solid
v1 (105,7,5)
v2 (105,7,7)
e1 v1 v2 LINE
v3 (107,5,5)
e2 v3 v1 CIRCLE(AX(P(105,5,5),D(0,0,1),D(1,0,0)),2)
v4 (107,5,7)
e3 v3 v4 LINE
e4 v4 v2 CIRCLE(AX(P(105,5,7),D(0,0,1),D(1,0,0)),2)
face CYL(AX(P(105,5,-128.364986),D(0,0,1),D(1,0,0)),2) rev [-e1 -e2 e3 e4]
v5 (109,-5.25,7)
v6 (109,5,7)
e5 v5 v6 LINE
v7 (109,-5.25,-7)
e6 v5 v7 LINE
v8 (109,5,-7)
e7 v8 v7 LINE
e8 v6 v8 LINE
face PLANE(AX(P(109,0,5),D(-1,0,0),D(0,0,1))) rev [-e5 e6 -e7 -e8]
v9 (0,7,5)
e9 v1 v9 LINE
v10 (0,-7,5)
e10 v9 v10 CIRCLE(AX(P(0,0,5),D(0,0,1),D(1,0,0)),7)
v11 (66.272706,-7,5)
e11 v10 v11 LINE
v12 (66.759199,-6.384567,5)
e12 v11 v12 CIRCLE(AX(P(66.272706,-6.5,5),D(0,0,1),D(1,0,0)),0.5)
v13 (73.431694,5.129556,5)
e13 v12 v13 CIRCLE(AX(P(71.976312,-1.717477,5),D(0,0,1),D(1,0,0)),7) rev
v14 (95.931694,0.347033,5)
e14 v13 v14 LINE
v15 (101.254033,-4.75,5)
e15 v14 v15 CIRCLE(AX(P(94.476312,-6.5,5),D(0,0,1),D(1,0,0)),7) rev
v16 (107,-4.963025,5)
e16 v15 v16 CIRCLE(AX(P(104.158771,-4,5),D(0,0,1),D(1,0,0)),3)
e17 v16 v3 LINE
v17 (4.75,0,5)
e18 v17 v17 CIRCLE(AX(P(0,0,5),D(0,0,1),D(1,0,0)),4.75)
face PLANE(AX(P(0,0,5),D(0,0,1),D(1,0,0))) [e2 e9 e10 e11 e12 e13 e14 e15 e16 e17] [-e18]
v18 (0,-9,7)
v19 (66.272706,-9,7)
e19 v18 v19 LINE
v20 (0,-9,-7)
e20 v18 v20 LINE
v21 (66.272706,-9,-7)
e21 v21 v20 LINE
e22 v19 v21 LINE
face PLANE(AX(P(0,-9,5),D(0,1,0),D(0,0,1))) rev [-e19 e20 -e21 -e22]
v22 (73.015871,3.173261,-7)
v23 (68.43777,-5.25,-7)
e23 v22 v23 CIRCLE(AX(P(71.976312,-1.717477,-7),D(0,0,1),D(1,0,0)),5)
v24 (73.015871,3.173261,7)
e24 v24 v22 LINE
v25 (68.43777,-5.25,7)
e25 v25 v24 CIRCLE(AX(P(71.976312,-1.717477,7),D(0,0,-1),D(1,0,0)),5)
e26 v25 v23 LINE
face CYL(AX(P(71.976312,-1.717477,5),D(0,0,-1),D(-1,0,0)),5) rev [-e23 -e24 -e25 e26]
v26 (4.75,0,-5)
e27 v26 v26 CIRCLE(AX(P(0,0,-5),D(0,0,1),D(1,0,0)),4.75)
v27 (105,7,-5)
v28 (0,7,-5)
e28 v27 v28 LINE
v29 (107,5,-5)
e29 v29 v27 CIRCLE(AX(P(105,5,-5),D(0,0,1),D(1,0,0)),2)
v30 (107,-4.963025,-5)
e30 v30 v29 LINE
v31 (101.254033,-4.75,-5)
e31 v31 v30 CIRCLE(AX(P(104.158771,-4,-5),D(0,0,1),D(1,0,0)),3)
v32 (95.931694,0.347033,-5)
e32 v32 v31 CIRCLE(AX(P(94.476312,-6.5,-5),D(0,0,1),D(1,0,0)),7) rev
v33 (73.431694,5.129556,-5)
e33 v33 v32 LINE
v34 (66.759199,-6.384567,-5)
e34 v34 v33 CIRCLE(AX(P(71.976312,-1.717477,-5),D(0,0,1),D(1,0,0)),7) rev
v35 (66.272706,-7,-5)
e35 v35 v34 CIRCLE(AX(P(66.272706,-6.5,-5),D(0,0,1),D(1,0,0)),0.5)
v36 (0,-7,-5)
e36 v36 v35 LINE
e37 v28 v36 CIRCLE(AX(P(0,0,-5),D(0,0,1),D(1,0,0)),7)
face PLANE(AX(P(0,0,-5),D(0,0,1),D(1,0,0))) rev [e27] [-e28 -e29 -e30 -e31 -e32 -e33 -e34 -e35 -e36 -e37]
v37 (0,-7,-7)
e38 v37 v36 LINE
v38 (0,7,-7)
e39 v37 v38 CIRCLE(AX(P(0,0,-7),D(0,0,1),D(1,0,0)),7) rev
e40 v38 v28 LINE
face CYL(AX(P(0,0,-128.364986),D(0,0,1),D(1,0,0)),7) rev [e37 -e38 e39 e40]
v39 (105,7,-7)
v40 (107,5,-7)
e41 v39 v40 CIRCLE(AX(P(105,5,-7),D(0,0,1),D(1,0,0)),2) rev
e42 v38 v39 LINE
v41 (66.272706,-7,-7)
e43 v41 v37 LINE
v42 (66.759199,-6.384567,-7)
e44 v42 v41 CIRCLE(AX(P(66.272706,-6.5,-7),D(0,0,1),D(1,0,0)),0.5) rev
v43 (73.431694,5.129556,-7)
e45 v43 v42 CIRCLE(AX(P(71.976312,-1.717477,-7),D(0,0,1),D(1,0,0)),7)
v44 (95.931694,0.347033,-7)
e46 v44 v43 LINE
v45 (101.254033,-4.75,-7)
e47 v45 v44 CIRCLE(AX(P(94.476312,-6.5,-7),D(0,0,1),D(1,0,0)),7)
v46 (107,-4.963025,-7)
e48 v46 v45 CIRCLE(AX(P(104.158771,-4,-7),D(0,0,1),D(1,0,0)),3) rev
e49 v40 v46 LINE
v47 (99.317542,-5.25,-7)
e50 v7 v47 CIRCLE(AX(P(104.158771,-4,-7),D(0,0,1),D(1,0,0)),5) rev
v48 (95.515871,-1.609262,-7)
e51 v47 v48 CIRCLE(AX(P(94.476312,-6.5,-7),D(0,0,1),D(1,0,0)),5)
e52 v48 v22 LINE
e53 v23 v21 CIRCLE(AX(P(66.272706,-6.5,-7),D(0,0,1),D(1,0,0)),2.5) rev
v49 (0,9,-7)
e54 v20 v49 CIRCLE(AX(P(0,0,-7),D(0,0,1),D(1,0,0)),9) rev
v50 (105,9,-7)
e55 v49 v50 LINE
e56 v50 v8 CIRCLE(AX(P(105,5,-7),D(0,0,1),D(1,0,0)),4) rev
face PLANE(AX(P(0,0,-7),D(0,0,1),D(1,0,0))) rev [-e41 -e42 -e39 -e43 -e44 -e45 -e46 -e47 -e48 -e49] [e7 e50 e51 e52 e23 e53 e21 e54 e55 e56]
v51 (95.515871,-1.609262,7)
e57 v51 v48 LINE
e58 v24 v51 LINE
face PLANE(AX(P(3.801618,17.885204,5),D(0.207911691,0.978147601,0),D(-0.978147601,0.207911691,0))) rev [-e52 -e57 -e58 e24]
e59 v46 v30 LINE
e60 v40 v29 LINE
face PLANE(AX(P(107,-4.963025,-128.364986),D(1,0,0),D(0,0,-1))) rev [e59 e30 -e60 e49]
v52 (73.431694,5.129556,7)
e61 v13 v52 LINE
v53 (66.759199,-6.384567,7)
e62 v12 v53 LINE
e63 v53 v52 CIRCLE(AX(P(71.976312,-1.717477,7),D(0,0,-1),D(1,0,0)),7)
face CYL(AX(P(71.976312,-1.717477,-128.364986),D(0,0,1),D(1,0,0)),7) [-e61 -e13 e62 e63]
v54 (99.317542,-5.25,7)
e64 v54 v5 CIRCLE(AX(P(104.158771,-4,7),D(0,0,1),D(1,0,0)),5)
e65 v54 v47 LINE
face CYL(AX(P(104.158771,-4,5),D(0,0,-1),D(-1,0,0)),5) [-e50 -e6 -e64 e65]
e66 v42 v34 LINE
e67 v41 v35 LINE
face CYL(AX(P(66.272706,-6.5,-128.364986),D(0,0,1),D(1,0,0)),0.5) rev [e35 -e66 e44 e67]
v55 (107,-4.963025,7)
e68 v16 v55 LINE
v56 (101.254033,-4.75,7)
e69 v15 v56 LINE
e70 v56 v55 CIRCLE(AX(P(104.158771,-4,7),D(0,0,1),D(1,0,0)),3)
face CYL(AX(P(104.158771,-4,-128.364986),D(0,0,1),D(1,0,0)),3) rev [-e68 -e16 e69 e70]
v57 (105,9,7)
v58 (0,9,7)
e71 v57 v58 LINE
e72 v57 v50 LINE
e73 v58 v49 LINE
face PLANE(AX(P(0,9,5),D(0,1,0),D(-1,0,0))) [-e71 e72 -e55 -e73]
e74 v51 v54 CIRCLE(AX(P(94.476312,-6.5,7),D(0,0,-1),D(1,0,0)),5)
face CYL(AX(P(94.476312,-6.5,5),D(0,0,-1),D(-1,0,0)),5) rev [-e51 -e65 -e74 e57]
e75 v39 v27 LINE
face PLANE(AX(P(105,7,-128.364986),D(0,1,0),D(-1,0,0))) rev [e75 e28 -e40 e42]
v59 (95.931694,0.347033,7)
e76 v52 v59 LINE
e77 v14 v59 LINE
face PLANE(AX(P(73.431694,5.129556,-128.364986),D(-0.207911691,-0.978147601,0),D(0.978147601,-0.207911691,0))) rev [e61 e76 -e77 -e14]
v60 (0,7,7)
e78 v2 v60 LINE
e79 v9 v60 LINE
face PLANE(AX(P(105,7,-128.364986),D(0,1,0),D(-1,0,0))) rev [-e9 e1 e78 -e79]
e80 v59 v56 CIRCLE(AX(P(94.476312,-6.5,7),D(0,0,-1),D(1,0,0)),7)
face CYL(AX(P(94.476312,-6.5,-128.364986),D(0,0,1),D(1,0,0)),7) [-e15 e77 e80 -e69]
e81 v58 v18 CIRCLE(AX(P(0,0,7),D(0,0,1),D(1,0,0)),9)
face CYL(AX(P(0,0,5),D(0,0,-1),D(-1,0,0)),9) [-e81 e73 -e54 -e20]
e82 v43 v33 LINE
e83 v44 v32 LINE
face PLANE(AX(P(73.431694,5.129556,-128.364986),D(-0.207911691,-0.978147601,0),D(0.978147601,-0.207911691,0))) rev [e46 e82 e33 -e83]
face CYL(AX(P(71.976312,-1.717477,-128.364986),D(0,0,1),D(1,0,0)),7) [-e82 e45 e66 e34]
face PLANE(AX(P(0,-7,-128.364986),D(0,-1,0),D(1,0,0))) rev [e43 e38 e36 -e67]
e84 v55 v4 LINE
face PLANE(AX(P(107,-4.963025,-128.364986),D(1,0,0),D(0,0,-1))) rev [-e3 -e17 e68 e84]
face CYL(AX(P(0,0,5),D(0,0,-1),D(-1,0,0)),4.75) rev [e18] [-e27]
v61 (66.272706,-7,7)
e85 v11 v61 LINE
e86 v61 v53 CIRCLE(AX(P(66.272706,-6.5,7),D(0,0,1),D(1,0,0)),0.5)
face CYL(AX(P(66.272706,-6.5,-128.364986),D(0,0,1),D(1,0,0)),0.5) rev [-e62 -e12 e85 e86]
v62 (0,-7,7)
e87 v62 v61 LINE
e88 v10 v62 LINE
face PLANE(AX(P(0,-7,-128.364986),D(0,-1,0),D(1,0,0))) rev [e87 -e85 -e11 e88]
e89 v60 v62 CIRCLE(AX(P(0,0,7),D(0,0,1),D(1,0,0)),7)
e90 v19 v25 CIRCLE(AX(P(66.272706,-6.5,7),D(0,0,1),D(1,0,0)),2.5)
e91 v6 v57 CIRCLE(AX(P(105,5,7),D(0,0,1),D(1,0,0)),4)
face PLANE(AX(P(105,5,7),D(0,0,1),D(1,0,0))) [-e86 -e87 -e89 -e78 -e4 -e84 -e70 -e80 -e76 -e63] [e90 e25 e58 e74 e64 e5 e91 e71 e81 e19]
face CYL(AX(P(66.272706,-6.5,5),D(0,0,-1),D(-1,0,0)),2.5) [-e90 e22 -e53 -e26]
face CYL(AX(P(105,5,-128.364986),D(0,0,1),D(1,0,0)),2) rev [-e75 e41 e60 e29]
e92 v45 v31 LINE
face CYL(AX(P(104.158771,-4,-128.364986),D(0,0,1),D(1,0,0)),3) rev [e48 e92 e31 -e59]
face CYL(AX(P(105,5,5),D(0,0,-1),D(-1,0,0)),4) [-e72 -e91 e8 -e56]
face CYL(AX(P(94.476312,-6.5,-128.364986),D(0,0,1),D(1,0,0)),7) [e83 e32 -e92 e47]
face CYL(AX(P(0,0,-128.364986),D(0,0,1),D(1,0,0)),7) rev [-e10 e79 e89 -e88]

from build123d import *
from build123d.topology import SkipClean

# Parameters (mm, degrees)
BOSS_EXTRUDE1_DEPTH = 5
BOSS_EXTRUDE2_START = -12
BOSS_EXTRUDE2_DEPTH = 14


with BuildPart() as part:
    # Sketch1 → Boss-Extrude1 (new, symmetric)
    with SkipClean():  # the faces are left unmerged after this step: merging them gives an invalid solid
        with BuildSketch(Plane.XY):
            with BuildLine():
                ThreePointArc((9, 0), (6.363961031, -6.363961031), (0, -9))
                Line((0, -9), (66.272706331, -9))
                ThreePointArc((66.272706331, -9), (68.43776984, -7.75), (68.43776984, -5.25))
                ThreePointArc((68.43776984, -5.25), (67.583242863, 0.670186682), (73.015870906, 3.173260641))
                Line((73.015870906, 3.173260641), (95.515870906, -1.609261996))
                ThreePointArc((95.515870906, -1.609261996), (97.934586459, -2.888858783), (99.317541634, -5.25))
                ThreePointArc((99.317541634, -5.25), (104.158770817, -9), (109, -5.25))
                Line((109, -5.25), (109, 5))
                ThreePointArc((109, 5), (107.828427125, 7.828427125), (105, 9))
                Line((105, 9), (0, 9))
                ThreePointArc((0, 9), (6.363961031, 6.363961031), (9, 0))
            make_face()
            with BuildLine():
                ThreePointArc((-9, 0), (-6.363961031, -6.363961031), (0, -9))
                ThreePointArc((0, -9), (6.363961031, -6.363961031), (9, 0))
                Line((9, 0), (4.75, 0))
                ThreePointArc((4.75, 0), (0, -4.75), (-4.75, 0))
                Line((-4.75, 0), (-9, 0))
            make_face()
            with BuildLine():
                ThreePointArc((0, 9), (-6.363961031, 6.363961031), (-9, 0))
                Line((-9, 0), (-4.75, 0))
                ThreePointArc((-4.75, 0), (0, 4.75), (4.75, 0))
                Line((4.75, 0), (9, 0))
                ThreePointArc((9, 0), (6.363961031, 6.363961031), (0, 9))
            make_face()
            with BuildLine():
                ThreePointArc((-9, 0), (-6.363961031, -6.363961031), (0, -9))
                ThreePointArc((0, -9), (6.363961031, -6.363961031), (9, 0))
                Line((9, 0), (4.75, 0))
                ThreePointArc((4.75, 0), (0, -4.75), (-4.75, 0))
                Line((-4.75, 0), (-9, 0))
            make_face()
            with BuildLine():
                ThreePointArc((0, 9), (-6.363961031, 6.363961031), (-9, 0))
                Line((-9, 0), (-4.75, 0))
                ThreePointArc((-4.75, 0), (0, 4.75), (4.75, 0))
                Line((4.75, 0), (9, 0))
                ThreePointArc((9, 0), (6.363961031, 6.363961031), (0, 9))
            make_face()
        extrude(amount=BOSS_EXTRUDE1_DEPTH, both=True)

    # Sketch2 → Boss-Extrude2 (add)
    with SkipClean():  # the faces are left unmerged after this step: merging them gives an invalid solid
        with BuildSketch(Plane.XY.offset(5).offset(BOSS_EXTRUDE2_START)):
            with BuildLine():
                Line((105, 9), (0, 9))
                ThreePointArc((0, 9), (-9, 0), (0, -9))
                Line((0, -9), (66.272706331, -9))
                ThreePointArc((66.272706331, -9), (68.43776984, -7.75), (68.43776984, -5.25))
                ThreePointArc((68.43776984, -5.25), (67.583242863, 0.670186682), (73.015870906, 3.173260641))
                Line((73.015870906, 3.173260641), (95.515870906, -1.609261996))
                ThreePointArc((95.515870906, -1.609261996), (97.934586459, -2.888858783), (99.317541634, -5.25))
                ThreePointArc((99.317541634, -5.25), (104.158770817, -9), (109, -5.25))
                Line((109, -5.25), (109, 5))
                ThreePointArc((109, 5), (107.828427125, 7.828427125), (105, 9))
            make_face()
            with BuildLine():
                Line((105, 7), (0, 7))
                ThreePointArc((0, 7), (-7, 0), (0, -7))
                Line((0, -7), (66.272706331, -7))
                ThreePointArc((66.272706331, -7), (66.664953896, -6.810067489), (66.7591992, -6.38456739))
                ThreePointArc((66.7591992, -6.38456739), (65.919794123, 1.792306924), (73.431694287, 5.129555843))
                Line((73.431694287, 5.129555843), (95.931694287, 0.347033205))
                ThreePointArc((95.931694287, 0.347033205), (99.317896062, -1.444402296), (101.254033308, -4.75))
                ThreePointArc((101.254033308, -4.75), (104.047625793, -6.997940424), (107, -4.963024782))
                Line((107, -4.963024782), (107, 5))
                ThreePointArc((107, 5), (106.414213562, 6.414213562), (105, 7))
            make_face(mode=Mode.SUBTRACT)
        extrude(amount=BOSS_EXTRUDE2_DEPTH)


solid = part.part
